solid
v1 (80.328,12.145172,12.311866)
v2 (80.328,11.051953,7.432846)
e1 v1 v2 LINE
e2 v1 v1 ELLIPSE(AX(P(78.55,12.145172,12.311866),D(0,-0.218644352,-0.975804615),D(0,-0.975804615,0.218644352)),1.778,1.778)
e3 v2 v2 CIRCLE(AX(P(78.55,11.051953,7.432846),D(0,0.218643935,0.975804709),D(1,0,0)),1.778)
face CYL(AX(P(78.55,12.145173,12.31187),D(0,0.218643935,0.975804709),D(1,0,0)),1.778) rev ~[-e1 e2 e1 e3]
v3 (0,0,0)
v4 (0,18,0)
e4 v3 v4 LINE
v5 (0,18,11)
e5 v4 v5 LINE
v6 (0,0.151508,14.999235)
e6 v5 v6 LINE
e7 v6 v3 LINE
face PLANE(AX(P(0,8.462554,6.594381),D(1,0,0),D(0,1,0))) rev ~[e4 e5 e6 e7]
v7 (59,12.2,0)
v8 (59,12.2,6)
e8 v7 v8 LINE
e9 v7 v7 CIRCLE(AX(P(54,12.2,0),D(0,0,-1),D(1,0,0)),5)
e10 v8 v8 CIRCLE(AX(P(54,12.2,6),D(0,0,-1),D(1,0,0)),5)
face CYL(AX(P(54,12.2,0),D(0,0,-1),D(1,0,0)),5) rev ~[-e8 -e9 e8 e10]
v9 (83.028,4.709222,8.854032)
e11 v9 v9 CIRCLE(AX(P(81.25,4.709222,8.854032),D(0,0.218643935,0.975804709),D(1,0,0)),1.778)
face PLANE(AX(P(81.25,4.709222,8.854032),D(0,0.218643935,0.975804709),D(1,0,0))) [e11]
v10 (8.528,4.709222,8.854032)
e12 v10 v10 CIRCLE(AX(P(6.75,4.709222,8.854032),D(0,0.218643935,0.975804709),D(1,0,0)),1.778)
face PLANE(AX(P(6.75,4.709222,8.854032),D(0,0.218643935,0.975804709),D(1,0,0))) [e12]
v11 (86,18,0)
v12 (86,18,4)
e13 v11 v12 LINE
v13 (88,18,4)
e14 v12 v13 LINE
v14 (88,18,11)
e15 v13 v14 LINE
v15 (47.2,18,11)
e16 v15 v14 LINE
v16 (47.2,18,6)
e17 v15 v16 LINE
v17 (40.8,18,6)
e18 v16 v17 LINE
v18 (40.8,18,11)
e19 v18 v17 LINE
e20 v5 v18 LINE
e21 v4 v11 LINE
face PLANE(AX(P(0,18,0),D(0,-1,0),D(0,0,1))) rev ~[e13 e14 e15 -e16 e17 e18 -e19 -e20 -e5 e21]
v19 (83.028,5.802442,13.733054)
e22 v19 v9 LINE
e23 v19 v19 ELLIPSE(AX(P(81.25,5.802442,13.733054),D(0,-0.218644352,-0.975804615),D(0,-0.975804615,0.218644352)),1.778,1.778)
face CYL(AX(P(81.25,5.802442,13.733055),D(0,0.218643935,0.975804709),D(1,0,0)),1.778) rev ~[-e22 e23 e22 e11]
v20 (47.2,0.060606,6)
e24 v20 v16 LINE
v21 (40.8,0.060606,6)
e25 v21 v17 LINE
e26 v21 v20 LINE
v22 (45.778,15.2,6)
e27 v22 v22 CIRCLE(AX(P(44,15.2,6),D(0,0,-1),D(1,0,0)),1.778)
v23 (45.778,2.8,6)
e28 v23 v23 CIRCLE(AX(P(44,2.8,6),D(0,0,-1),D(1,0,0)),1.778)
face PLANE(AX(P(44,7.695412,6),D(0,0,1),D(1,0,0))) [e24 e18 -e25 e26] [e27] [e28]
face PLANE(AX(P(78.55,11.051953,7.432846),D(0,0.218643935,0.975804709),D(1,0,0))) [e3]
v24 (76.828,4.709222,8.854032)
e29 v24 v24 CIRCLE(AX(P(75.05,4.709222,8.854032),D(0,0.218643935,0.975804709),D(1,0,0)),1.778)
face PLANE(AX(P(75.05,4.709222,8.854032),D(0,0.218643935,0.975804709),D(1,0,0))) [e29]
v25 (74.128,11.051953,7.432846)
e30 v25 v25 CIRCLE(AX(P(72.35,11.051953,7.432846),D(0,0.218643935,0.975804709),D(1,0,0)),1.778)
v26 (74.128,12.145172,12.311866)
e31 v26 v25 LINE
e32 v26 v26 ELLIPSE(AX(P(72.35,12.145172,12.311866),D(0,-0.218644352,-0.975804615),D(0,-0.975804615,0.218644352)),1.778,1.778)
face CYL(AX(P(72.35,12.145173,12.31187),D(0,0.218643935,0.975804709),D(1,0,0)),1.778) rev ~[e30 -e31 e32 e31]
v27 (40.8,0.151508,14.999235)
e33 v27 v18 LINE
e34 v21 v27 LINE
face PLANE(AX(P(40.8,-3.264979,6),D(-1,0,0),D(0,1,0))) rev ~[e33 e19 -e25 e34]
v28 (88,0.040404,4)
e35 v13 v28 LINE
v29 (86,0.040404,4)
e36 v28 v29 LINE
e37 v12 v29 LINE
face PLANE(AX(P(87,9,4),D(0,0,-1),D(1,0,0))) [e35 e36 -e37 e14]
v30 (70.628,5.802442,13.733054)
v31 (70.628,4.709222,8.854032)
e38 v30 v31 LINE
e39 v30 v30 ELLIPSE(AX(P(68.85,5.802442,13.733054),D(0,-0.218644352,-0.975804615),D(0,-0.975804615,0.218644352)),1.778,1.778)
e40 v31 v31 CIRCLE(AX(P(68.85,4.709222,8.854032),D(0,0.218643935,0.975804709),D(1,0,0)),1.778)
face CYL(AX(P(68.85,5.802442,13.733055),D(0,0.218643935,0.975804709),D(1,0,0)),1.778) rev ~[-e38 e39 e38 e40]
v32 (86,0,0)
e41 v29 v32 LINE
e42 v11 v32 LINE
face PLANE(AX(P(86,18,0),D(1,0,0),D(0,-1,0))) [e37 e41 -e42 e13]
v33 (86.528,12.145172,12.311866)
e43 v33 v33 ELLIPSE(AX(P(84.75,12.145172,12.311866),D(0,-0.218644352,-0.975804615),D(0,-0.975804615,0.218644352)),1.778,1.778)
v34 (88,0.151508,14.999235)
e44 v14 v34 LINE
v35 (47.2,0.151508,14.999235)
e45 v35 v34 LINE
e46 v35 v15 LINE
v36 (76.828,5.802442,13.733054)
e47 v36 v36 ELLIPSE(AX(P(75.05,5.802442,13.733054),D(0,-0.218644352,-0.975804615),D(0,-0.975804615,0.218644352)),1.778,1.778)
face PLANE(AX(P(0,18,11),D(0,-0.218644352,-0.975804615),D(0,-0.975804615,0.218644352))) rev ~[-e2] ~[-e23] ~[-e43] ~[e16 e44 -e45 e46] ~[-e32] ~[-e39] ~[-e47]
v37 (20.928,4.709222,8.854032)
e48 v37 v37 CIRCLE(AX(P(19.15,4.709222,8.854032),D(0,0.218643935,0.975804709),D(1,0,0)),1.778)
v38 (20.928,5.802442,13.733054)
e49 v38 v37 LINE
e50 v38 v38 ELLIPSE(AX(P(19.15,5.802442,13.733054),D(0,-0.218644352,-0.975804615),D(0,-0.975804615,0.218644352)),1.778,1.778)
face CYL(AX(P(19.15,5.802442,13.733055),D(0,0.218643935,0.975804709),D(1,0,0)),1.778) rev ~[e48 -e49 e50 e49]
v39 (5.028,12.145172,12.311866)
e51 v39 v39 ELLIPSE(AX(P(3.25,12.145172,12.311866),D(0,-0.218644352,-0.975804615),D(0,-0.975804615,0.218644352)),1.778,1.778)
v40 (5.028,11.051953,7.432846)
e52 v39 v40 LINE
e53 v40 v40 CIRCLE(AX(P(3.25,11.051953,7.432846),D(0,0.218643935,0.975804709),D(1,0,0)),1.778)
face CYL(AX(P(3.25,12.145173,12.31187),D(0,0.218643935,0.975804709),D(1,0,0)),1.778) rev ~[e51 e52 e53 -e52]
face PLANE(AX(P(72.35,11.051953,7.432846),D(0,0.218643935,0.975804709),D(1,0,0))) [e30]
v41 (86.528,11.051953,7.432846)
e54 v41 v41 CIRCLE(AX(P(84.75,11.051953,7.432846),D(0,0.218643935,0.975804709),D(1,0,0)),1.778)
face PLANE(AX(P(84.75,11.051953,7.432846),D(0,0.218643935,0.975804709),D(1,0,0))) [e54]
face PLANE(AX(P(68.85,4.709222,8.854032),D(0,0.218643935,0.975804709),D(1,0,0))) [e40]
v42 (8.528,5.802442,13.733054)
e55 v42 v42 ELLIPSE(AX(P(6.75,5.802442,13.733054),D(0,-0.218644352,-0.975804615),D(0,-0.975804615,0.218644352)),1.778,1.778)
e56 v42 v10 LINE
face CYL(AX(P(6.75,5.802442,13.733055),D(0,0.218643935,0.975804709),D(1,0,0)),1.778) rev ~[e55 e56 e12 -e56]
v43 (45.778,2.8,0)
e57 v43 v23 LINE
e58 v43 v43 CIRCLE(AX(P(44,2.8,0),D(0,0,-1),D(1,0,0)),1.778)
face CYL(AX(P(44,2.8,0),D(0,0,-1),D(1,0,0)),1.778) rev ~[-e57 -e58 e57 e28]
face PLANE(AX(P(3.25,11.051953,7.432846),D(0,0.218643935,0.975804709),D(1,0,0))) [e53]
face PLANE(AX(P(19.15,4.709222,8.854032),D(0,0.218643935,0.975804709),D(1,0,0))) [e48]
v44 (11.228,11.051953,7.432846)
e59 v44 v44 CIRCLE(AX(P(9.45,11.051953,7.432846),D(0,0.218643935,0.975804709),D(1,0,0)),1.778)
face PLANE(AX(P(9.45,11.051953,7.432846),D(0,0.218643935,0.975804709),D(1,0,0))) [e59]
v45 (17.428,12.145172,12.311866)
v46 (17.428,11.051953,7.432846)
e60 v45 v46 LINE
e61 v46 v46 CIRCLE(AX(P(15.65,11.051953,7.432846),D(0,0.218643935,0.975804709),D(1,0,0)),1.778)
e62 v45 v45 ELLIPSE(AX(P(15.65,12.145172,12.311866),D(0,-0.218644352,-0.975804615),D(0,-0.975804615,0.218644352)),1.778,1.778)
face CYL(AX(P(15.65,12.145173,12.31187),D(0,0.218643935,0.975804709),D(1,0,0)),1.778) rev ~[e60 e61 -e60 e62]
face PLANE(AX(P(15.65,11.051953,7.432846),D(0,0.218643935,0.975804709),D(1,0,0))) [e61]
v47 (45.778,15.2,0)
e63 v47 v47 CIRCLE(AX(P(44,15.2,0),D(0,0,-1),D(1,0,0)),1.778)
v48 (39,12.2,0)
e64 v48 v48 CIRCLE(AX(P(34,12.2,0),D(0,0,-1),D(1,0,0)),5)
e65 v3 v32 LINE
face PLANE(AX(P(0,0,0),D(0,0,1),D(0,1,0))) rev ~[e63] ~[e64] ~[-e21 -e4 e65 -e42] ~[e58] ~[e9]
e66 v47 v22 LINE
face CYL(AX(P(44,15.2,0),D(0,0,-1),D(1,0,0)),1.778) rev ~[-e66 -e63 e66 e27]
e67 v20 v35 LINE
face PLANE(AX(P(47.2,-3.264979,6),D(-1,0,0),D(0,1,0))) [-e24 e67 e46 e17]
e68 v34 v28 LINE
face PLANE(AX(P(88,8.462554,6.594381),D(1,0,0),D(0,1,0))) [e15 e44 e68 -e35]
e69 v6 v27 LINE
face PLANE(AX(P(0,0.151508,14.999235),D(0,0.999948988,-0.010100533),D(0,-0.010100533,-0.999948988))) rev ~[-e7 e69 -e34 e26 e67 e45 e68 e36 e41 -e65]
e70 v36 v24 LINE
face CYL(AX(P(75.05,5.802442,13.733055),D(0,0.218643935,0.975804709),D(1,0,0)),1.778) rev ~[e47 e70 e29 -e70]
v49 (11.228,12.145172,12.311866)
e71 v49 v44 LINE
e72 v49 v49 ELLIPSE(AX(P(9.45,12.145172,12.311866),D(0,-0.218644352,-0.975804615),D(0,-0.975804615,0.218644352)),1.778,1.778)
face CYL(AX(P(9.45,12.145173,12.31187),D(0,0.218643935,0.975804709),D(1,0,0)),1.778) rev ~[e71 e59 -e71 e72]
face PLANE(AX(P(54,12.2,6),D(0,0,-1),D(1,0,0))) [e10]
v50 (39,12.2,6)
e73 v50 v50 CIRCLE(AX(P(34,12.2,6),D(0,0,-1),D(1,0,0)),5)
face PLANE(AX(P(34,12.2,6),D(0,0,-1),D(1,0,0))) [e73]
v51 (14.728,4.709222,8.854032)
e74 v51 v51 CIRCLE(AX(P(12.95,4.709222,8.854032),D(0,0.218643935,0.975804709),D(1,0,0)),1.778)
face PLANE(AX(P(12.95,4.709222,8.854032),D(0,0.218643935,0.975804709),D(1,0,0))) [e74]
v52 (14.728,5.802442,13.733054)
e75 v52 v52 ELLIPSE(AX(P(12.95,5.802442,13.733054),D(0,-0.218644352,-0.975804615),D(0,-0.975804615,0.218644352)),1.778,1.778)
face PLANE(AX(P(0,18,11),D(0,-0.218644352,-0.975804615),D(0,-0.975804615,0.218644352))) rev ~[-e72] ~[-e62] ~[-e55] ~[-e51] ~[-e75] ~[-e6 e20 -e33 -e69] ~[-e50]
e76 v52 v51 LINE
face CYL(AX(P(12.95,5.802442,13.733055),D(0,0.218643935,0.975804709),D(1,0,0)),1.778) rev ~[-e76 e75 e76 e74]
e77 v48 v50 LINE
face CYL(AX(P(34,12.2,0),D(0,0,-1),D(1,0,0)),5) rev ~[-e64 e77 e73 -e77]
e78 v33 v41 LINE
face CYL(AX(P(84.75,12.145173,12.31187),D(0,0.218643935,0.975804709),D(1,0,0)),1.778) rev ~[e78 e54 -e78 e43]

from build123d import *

# Parameters (mm, degrees)
F1_DEPTH  = 88
F2_R      = 1.778
F3_DEPTH  = 5
F4_R      = 1.778
F5_DEPTH  = 11.627384
F7_W      = 6.4
F7_H      = 21.920782
F8_DEPTH  = 25
F9_R      = 5
F10_DEPTH = 6
F11_W     = 2
F11_H     = 18
F12_DEPTH = 4


with BuildPart() as f1:
    # F0 (on Right) → F1 (new body)
    with BuildSketch(Plane.YZ):
        Polygon((0.151508, 14.999235), (0, 0), (18, 0), (18, 11), align=None)
    extrude(amount=F1_DEPTH)

    # F2 (on face) → F3 (cut)
    with BuildSketch(Plane(origin=(0, 3.207392, 14.314516), x_dir=(1, 0, 0), z_dir=(0, 0.218644, 0.975805))):
        with Locations((19.15, 2.659395)):
            Circle(F2_R)
        with Locations((12.95, 2.659395)):
            Circle(F2_R)
        with Locations((6.75, 2.659395)):
            Circle(F2_R)
        with Locations((15.65, 9.159395)):
            Circle(F2_R)
        with Locations((3.25, 9.159395)):
            Circle(F2_R)
        with Locations((75.05, 2.659395)):
            Circle(F2_R)
        with Locations((68.85, 2.659395)):
            Circle(F2_R)
        with Locations((81.25, 2.659395)):
            Circle(F2_R)
        with Locations((72.35, 9.159395)):
            Circle(F2_R)
        with Locations((78.55, 9.159395)):
            Circle(F2_R)
        with Locations((84.75, 9.159395)):
            Circle(F2_R)
        with Locations((9.45, 9.159395)):
            Circle(F2_R)
    extrude(amount=-F3_DEPTH, mode=Mode.SUBTRACT)

    # F4 (on face) → F5 (cut, through all)
    with BuildSketch(Plane(origin=(0, 0, 0), x_dir=(1, 0, 0), z_dir=(0, 0, -1))):
        with Locations((44, -15.2)):
            Circle(F4_R)
        with Locations((44, -2.8)):
            Circle(F4_R)
    extrude(amount=-F5_DEPTH, mode=Mode.SUBTRACT)

    # F7 (on offset) → F8 (cut)
    with BuildSketch(Plane.XY.offset(6)):
        with Locations((44, 7.695412)):
            Rectangle(F7_W, F7_H)
    extrude(amount=F8_DEPTH, mode=Mode.SUBTRACT)

    # F9 (on face) → F10 (cut)
    with BuildSketch(Plane(origin=(0, 0, 0), x_dir=(1, 0, 0), z_dir=(0, 0, -1))):
        with Locations((54, -12.2)):
            Circle(F9_R)
        with Locations((34, -12.2)):
            Circle(F9_R)
    extrude(amount=-F10_DEPTH, mode=Mode.SUBTRACT)

    # F11 (on face) → F12 (cut)
    with BuildSketch(Plane(origin=(0, 0, 0), x_dir=(1, 0, 0), z_dir=(0, 0, -1))):
        with Locations((87, -9)):
            Rectangle(F11_W, F11_H)
    extrude(amount=-F12_DEPTH, mode=Mode.SUBTRACT)


solid = f1.part
